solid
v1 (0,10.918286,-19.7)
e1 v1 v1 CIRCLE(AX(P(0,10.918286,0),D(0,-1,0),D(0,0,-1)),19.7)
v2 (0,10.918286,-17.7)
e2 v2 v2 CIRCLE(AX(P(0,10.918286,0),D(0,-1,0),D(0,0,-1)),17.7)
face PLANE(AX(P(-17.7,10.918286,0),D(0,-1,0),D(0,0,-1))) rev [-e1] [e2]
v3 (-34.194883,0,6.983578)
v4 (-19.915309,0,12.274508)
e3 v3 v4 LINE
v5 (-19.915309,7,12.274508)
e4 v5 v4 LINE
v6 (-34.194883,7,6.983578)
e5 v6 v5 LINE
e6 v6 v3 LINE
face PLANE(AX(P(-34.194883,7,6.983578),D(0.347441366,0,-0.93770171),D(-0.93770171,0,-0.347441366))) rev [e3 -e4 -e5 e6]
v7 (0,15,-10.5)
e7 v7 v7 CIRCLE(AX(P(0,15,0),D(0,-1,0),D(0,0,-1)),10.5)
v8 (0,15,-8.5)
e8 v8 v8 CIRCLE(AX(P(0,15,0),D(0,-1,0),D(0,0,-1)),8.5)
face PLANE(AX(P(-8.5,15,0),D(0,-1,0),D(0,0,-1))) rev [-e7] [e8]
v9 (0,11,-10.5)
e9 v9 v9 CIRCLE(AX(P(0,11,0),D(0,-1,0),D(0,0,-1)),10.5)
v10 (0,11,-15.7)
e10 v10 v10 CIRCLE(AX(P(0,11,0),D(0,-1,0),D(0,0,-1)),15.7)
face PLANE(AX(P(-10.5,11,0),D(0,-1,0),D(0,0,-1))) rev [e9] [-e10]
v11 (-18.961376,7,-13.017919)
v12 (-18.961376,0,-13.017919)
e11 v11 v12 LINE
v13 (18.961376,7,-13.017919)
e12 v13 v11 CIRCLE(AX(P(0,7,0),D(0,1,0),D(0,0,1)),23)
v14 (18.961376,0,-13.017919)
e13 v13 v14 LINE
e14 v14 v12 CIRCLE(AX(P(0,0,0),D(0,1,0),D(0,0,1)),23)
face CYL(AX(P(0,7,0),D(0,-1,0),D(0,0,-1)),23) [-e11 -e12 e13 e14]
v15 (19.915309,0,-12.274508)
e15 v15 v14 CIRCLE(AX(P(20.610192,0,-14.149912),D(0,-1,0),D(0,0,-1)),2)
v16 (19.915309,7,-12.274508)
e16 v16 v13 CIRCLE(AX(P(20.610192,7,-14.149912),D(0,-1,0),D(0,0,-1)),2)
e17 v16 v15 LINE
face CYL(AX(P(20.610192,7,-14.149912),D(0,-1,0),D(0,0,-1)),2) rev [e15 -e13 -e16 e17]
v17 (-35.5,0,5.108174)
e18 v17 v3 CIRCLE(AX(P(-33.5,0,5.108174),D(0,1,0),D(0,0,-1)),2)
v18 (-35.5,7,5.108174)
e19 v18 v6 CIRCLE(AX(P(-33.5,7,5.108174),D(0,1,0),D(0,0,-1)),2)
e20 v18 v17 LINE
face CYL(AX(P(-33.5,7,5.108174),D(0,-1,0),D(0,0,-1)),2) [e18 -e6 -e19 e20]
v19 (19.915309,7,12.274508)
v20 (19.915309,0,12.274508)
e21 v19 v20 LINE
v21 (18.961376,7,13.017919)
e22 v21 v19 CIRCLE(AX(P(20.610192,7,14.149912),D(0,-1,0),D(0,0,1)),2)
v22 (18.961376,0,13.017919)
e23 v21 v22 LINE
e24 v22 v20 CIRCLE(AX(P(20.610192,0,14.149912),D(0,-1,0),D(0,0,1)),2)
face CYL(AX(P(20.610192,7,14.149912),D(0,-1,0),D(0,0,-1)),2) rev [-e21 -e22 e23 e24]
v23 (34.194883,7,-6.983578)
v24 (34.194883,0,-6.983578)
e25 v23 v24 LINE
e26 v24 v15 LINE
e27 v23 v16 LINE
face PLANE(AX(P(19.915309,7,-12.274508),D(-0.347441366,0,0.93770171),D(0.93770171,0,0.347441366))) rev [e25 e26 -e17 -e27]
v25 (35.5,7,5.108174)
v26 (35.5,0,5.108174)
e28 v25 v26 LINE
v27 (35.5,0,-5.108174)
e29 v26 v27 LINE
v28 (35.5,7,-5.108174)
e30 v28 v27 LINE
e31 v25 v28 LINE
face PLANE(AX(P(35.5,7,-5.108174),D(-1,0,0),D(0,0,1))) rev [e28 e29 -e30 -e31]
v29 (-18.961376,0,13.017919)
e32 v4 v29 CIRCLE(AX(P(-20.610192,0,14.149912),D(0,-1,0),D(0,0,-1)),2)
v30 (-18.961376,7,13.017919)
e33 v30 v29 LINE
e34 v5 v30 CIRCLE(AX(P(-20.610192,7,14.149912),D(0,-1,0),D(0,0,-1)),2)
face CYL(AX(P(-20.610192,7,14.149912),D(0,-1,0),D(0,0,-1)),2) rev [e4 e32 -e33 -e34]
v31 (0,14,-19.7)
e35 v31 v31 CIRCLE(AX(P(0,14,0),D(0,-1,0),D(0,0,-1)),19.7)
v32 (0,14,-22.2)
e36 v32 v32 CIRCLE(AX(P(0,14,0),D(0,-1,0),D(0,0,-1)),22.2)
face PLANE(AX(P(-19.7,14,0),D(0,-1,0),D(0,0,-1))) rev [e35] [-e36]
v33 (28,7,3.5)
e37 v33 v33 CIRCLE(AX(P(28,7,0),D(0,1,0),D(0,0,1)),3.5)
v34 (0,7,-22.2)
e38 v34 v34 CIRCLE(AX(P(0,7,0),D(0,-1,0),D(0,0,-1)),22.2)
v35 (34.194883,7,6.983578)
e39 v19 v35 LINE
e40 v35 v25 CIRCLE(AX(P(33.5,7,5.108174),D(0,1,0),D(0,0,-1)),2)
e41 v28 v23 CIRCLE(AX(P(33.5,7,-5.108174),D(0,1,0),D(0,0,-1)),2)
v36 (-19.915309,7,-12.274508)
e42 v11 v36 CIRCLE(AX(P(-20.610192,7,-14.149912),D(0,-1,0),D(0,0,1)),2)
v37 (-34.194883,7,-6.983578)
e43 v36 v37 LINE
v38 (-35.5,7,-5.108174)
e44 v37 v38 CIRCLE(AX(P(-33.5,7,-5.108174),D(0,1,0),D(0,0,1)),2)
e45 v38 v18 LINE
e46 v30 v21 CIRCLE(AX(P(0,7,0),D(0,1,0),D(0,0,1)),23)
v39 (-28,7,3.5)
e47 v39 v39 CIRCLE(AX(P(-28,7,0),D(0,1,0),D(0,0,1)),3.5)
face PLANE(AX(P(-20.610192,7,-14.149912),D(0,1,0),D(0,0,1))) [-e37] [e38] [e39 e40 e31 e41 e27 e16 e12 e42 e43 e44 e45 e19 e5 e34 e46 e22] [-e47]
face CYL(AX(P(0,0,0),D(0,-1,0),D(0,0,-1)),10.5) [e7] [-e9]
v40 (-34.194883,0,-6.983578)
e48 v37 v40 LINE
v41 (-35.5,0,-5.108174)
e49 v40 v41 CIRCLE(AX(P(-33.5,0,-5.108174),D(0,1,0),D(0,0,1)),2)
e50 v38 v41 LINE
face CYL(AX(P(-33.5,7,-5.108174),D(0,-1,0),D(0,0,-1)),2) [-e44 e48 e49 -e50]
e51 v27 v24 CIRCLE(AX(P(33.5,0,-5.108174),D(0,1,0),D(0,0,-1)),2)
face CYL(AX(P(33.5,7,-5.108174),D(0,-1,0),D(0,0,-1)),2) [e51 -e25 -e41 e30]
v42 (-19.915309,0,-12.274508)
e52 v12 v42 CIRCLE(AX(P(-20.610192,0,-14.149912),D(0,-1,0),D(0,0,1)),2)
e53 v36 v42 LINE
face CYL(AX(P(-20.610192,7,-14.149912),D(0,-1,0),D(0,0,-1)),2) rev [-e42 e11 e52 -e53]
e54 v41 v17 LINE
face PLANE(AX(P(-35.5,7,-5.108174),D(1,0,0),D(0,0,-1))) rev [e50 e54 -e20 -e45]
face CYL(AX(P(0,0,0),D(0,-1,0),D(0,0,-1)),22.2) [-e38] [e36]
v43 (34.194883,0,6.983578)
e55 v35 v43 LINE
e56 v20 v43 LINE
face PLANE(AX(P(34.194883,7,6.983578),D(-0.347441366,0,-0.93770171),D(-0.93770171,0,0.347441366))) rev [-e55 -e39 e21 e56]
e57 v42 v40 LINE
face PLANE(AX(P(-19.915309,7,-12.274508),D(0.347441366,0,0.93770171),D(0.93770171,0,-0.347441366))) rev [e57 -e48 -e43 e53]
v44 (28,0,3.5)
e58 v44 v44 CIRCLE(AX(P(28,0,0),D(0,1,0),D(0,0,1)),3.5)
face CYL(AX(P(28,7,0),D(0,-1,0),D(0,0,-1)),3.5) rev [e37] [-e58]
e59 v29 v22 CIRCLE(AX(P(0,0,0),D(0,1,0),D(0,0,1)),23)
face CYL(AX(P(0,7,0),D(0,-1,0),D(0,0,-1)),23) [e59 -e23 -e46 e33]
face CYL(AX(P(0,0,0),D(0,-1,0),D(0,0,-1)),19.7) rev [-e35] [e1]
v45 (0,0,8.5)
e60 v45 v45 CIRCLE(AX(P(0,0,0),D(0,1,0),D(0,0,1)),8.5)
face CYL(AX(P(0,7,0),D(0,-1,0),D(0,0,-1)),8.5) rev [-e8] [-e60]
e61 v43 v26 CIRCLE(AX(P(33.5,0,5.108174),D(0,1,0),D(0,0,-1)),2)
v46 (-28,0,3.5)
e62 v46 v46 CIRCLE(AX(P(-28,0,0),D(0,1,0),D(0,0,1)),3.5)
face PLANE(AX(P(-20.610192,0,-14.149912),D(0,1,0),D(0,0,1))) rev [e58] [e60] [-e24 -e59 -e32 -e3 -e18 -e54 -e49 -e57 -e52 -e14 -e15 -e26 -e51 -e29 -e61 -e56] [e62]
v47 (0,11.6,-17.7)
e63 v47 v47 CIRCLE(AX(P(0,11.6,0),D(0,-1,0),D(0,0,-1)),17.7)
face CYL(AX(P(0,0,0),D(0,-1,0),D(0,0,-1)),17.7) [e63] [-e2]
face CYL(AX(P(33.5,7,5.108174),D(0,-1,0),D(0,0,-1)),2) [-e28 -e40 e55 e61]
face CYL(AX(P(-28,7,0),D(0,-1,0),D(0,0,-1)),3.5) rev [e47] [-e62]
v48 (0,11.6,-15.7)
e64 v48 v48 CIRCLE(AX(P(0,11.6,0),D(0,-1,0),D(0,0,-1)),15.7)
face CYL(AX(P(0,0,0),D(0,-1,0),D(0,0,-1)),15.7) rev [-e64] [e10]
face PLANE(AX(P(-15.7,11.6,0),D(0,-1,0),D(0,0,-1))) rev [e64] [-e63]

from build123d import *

# Parameters (mm, degrees)
SKETCH1_R           = 3.5
SKETCH1_R_2         = 8.5
BOSS_EXTRUDE1_DEPTH = 7


with BuildPart() as part:
    # Sketch1 → Boss-Extrude1 (new body)
    with BuildSketch(Plane(origin=(0, 0, 0), x_dir=(1, 0, 0), z_dir=(0, 1, 0))):
        with BuildLine():
            Line((19.915308817, 12.274508393), (34.194882732, 6.983577796))
            ThreePointArc((34.194882732, 6.983577796), (35.141609799, 6.250591667), (35.5, 5.108174376))
            Line((35.5, 5.108174376), (35.5, -5.108174376))
            ThreePointArc((35.5, -5.108174376), (35.141609799, -6.250591667), (34.194882732, -6.983577796))
            Line((34.194882732, -6.983577796), (19.915308817, -12.274508393))
            ThreePointArc((19.915308817, -12.274508393), (19.380803519, -12.572380491), (18.961376225, -13.017918868))
            ThreePointArc((18.961376225, -13.017918868), (0, -23), (-18.961376225, -13.017918868))
            ThreePointArc((-18.961376225, -13.017918868), (-19.380803519, -12.572380491), (-19.915308817, -12.274508393))
            Line((-19.915308817, -12.274508393), (-34.194882732, -6.983577796))
            ThreePointArc((-34.194882732, -6.983577796), (-35.141609799, -6.250591667), (-35.5, -5.108174376))
            Line((-35.5, -5.108174376), (-35.5, 5.108174376))
            ThreePointArc((-35.5, 5.108174376), (-35.141609799, 6.250591667), (-34.194882732, 6.983577796))
            Line((-34.194882732, 6.983577796), (-19.915308817, 12.274508393))
            ThreePointArc((-19.915308817, 12.274508393), (-19.380803519, 12.572380491), (-18.961376225, 13.017918868))
            ThreePointArc((-18.961376225, 13.017918868), (0, 23), (18.961376225, 13.017918868))
            ThreePointArc((18.961376225, 13.017918868), (19.380803519, 12.572380491), (19.915308817, 12.274508393))
        make_face()
        with Locations((28, 0)):
            Circle(SKETCH1_R, mode=Mode.SUBTRACT)
        with Locations((-28, 0)):
            Circle(SKETCH1_R, mode=Mode.SUBTRACT)
        Circle(SKETCH1_R_2, mode=Mode.SUBTRACT)
    extrude(amount=BOSS_EXTRUDE1_DEPTH)

    # Sketch2 → Revolve1 (revolve)
    with BuildSketch(Plane.XY):
        Polygon((-8.5, 15), (-8.5, 7), (-22.2, 7), (-22.2, 14), (-19.7, 14), (-19.7, 10.918286082), (-17.7, 10.918286082), (-17.7, 11.6), (-15.7, 11.6), (-15.7, 11), (-10.5, 11), (-10.5, 15), align=None)
    revolve(axis=Axis((0, 0, 0), (0, 1, 0)))


solid = part.part
